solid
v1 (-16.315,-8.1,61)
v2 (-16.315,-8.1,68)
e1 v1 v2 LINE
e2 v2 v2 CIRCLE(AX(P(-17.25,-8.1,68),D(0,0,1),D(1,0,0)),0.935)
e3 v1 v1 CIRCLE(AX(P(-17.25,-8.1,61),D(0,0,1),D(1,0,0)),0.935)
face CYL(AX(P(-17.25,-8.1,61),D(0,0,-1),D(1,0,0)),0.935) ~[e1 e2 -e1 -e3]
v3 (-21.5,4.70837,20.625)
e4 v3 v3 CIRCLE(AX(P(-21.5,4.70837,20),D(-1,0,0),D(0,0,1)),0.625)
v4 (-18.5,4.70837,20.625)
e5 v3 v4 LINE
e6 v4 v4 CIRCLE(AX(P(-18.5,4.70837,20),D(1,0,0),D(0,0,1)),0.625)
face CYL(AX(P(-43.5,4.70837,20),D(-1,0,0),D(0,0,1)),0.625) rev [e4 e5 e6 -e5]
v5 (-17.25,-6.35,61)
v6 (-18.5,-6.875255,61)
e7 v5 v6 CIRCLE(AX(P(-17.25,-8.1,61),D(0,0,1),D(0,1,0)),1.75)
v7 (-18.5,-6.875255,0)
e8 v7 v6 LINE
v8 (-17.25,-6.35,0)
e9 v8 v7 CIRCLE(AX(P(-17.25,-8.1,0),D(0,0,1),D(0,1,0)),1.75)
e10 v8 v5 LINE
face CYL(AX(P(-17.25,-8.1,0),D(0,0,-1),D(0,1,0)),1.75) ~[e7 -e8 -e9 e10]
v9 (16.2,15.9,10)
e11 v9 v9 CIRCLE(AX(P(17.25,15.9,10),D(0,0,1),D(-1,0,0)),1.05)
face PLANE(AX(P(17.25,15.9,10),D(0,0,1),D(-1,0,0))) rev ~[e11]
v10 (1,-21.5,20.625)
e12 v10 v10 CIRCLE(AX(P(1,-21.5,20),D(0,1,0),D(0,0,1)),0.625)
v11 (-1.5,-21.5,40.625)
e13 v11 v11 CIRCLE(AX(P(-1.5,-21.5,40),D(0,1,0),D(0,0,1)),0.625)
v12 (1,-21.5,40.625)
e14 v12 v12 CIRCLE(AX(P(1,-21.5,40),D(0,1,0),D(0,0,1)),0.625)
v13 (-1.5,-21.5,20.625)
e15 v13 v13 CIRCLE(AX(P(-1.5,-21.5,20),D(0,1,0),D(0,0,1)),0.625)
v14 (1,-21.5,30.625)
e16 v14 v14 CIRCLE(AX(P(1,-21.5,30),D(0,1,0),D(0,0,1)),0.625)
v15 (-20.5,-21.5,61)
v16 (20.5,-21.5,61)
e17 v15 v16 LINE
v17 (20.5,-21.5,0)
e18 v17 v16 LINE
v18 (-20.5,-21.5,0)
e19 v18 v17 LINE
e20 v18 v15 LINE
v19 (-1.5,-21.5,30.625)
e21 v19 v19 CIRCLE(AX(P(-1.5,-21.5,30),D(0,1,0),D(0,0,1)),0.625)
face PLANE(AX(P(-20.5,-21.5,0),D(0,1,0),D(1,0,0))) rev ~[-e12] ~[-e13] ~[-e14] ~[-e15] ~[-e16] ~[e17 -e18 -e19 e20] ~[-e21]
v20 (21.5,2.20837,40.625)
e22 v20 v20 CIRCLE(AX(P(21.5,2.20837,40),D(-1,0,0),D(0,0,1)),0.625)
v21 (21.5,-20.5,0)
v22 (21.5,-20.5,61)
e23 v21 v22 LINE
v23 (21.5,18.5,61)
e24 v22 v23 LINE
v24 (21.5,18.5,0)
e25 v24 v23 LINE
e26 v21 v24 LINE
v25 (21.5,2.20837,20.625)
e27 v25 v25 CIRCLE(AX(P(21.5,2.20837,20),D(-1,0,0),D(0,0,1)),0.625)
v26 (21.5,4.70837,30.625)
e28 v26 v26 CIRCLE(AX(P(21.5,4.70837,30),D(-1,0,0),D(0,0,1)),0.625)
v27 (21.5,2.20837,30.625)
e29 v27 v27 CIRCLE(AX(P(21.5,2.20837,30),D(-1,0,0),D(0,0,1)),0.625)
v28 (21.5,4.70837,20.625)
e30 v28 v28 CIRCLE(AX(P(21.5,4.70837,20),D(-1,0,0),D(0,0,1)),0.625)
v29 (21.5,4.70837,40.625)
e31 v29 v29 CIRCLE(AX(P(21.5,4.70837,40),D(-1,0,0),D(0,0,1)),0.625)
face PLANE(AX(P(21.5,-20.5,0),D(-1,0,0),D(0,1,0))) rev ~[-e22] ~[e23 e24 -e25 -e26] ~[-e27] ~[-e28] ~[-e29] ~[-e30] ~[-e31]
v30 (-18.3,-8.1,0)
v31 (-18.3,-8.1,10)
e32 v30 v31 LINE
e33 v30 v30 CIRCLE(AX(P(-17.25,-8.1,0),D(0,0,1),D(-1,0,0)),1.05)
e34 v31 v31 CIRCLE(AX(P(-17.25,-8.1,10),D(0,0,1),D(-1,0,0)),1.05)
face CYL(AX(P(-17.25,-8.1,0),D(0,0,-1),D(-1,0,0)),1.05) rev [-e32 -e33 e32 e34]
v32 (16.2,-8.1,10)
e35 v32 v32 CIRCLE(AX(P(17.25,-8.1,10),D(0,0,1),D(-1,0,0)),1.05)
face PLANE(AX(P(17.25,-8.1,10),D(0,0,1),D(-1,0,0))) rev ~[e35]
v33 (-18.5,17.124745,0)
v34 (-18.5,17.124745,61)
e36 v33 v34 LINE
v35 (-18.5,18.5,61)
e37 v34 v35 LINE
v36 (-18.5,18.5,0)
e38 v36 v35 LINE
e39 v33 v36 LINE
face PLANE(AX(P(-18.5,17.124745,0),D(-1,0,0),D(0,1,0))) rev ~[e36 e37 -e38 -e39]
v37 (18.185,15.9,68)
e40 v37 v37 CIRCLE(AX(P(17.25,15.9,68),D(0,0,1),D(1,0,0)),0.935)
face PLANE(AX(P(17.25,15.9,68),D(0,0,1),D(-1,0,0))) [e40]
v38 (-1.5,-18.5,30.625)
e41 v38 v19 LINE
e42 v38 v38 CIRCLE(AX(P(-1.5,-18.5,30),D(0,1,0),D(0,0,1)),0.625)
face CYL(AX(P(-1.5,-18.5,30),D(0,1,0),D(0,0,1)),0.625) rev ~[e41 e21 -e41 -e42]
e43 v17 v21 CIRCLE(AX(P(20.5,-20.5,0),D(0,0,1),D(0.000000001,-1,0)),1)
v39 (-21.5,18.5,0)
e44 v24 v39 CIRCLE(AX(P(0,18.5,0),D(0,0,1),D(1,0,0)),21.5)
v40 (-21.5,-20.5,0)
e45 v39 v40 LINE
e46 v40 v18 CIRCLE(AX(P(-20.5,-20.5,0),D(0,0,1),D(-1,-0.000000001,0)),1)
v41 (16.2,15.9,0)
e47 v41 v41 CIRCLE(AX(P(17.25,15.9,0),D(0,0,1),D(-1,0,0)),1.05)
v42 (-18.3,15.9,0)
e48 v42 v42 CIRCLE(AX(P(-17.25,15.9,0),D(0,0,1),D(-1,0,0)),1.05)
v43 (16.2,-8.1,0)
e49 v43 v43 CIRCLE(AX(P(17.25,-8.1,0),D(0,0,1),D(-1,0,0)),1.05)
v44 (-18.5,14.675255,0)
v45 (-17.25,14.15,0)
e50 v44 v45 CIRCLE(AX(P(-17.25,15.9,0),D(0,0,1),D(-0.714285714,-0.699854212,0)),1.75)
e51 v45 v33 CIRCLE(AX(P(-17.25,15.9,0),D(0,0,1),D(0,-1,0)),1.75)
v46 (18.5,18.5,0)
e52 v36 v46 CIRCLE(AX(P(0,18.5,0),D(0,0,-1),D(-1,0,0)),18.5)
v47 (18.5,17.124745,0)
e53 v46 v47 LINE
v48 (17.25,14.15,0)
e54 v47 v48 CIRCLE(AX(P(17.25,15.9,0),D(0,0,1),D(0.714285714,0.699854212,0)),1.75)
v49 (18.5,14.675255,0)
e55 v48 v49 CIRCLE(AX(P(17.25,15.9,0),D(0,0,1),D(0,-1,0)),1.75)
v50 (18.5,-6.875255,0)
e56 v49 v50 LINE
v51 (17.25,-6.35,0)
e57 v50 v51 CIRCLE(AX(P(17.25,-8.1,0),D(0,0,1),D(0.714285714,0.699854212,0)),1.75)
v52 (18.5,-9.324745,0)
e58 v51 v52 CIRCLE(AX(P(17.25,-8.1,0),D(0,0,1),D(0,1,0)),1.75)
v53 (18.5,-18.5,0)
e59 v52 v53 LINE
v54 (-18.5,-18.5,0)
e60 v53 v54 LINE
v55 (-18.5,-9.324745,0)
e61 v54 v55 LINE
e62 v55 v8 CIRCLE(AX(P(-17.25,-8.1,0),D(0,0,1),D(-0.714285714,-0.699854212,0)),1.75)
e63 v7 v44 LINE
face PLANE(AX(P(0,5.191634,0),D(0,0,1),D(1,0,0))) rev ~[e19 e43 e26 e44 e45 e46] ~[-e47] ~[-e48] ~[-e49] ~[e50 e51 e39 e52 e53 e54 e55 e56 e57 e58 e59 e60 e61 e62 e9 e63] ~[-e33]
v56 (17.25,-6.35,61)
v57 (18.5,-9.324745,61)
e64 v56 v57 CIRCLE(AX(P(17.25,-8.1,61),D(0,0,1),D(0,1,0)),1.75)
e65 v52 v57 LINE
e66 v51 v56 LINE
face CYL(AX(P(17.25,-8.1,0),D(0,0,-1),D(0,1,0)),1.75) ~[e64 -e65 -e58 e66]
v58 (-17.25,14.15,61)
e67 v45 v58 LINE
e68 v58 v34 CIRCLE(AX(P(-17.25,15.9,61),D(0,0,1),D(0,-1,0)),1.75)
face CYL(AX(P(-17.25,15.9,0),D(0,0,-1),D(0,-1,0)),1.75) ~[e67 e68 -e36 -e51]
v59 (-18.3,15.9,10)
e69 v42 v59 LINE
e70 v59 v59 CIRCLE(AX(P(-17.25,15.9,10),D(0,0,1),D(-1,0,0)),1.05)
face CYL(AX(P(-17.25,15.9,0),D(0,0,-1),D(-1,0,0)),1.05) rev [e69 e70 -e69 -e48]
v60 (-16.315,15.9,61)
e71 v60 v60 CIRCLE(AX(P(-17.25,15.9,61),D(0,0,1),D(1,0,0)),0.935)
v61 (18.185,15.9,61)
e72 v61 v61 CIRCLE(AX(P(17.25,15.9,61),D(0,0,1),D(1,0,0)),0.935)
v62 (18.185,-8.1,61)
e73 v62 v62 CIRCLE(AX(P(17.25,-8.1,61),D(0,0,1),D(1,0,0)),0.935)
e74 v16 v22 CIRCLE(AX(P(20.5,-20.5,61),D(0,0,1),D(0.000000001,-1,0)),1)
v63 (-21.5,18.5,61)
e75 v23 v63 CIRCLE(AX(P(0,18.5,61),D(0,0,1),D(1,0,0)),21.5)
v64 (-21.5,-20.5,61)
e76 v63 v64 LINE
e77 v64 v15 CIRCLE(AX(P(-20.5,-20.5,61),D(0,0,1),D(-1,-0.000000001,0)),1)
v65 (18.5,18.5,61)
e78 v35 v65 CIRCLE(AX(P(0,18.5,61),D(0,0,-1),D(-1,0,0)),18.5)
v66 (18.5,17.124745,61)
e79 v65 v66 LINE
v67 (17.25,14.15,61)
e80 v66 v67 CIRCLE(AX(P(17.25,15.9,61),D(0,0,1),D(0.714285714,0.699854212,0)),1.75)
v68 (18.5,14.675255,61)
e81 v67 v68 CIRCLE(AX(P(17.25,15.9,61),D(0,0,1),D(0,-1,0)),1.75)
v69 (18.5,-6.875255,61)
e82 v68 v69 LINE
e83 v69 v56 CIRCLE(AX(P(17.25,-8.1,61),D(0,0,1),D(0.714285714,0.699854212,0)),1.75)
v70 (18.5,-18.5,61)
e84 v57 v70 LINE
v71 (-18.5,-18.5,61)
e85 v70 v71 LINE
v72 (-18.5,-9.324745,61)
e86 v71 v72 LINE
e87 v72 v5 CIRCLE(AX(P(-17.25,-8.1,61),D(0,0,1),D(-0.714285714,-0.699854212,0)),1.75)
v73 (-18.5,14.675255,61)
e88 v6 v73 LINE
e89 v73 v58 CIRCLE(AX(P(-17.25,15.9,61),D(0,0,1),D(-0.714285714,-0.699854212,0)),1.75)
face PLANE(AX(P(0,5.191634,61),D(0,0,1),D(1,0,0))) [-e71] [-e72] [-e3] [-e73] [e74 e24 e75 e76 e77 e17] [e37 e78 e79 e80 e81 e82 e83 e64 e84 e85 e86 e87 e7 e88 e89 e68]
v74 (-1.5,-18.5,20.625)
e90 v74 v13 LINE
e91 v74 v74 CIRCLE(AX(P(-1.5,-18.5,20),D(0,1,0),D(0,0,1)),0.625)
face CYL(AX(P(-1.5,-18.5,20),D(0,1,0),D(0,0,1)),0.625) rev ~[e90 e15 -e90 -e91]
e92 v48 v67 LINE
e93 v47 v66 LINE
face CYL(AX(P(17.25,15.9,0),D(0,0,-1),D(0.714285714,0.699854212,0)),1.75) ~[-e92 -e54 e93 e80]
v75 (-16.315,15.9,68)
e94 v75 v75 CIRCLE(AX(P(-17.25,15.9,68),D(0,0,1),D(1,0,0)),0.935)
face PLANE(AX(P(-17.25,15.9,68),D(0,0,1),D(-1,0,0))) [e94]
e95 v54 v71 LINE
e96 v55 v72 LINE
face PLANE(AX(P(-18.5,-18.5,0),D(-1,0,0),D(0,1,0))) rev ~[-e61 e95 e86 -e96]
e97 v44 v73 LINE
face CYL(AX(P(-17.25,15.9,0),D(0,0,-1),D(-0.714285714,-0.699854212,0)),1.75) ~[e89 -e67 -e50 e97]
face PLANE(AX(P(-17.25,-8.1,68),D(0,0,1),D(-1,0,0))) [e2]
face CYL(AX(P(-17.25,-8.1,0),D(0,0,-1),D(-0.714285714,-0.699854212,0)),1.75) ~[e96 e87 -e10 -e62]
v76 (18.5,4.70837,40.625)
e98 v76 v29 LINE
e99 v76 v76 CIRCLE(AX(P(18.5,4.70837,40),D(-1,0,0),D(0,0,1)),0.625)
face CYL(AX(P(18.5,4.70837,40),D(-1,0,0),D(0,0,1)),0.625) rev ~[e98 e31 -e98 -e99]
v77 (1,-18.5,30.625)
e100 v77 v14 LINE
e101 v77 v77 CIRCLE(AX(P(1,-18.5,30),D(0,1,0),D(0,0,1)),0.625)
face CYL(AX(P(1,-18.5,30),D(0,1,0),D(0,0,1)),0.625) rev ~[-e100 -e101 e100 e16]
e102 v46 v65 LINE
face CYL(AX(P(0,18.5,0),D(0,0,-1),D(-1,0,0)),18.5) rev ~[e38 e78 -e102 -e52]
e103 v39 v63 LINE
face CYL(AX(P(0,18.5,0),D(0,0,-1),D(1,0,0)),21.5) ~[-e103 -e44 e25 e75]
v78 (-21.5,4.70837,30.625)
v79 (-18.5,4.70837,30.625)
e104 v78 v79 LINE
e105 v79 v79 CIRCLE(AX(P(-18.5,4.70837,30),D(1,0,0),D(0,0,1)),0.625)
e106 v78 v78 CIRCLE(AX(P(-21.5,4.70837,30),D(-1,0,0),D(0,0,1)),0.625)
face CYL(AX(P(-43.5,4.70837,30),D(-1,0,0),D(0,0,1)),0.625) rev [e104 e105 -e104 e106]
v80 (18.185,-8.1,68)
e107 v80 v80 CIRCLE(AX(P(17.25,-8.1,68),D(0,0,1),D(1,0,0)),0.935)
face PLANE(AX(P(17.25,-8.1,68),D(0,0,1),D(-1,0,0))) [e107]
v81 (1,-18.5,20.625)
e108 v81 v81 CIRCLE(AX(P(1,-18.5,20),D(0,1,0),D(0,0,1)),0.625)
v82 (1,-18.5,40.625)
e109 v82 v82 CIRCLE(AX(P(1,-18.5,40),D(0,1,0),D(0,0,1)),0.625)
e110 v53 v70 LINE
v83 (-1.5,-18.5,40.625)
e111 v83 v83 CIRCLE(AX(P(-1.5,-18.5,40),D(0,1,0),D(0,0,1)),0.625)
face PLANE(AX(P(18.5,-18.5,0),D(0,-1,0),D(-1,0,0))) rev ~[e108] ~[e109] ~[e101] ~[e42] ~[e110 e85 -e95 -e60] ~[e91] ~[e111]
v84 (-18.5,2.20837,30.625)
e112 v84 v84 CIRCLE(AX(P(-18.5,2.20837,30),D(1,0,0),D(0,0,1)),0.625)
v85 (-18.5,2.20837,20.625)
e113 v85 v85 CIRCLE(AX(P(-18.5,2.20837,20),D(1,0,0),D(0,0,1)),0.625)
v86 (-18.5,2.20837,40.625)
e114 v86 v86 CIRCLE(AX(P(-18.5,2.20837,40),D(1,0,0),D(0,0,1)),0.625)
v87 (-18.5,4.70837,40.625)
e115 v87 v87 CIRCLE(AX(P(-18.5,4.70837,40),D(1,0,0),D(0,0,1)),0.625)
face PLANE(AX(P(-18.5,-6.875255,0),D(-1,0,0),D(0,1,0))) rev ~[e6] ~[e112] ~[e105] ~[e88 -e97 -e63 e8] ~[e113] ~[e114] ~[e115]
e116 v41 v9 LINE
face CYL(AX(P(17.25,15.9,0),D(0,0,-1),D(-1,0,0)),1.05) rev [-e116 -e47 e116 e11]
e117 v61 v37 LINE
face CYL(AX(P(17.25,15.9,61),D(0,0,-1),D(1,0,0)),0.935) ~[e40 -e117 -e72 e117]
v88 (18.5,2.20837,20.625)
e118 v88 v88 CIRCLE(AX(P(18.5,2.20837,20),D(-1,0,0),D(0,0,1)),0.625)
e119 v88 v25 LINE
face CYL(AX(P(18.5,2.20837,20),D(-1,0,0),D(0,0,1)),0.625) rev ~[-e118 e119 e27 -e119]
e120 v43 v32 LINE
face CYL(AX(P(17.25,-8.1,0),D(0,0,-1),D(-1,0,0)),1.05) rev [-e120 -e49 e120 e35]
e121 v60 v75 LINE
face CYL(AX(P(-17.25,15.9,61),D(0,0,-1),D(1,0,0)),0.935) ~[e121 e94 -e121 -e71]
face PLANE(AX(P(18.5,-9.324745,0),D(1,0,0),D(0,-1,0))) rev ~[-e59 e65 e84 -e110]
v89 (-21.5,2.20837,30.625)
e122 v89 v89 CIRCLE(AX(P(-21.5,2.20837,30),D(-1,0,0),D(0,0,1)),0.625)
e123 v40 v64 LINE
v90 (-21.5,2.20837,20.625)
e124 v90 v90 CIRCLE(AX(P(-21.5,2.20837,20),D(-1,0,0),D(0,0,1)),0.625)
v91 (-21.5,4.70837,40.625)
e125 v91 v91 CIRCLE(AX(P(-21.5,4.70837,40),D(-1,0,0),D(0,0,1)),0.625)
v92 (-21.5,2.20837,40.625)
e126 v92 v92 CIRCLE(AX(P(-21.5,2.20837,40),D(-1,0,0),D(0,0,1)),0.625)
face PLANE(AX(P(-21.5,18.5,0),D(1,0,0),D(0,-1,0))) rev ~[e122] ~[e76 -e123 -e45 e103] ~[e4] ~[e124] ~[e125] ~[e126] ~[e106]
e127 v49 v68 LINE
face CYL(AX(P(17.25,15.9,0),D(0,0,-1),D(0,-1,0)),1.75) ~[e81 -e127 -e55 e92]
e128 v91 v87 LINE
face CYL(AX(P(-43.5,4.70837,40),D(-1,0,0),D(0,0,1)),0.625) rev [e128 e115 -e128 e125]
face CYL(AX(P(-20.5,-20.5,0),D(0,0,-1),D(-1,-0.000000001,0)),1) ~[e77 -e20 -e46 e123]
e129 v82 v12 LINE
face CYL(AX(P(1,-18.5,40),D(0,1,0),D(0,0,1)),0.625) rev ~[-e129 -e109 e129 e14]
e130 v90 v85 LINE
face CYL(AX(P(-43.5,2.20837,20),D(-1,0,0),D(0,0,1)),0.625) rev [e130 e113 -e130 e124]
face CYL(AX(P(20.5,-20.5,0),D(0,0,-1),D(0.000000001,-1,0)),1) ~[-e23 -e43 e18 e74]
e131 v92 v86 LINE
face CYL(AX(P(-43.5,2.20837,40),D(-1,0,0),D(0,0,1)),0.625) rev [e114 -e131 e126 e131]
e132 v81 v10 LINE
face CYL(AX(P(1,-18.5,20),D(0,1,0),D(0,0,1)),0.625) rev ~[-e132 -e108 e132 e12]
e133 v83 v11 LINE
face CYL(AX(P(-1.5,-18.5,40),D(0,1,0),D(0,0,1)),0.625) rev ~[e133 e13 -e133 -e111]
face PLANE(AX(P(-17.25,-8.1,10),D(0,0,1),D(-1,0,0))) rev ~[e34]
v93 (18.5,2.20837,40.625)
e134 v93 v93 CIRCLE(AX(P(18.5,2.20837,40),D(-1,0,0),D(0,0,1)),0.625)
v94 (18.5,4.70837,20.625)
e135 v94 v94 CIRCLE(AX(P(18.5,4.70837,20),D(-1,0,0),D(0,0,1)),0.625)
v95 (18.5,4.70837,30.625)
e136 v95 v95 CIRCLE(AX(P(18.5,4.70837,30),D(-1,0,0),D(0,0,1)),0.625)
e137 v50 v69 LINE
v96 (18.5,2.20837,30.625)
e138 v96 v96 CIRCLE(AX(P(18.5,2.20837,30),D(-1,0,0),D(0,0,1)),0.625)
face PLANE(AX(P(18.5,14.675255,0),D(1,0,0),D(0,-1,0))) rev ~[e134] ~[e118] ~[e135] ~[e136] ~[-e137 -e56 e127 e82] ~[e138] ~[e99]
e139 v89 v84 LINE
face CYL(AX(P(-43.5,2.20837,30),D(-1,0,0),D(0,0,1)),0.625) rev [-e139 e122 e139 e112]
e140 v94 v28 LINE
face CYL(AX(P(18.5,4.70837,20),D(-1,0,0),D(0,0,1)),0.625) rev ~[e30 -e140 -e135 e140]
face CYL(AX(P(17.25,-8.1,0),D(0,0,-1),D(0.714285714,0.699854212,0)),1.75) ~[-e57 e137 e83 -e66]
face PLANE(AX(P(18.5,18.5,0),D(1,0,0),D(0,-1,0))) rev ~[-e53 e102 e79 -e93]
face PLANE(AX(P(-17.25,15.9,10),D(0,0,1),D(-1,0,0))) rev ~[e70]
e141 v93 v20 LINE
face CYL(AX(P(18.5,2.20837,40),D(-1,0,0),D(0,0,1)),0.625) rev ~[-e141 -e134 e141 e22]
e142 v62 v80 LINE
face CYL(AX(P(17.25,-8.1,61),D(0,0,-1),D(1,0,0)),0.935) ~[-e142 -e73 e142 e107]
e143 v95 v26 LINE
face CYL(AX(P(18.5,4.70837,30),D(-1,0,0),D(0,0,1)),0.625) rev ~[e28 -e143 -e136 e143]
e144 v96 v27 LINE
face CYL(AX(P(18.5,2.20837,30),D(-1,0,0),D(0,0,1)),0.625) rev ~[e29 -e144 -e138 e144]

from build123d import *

# Parameters (mm, degrees)
SKETCH2_R           = 1.05
BOSS_EXTRUDE1_DEPTH = 61
BOSS_EXTRUDE2_START = 10
SKETCH2_9_R         = 1.05
BOSS_EXTRUDE2_DEPTH = 58
SKETCH3_R           = 0.625
CUT_EXTRUDE1_DEPTH  = 25
CUT_EXTRUDE2_START  = -25
SKETCH4_R           = 0.625
CUT_EXTRUDE2_DEPTH  = 25
SKETCH5_R           = 0.625
CUT_EXTRUDE3_DEPTH  = 25
CUT_EXTRUDE4_START  = -7
SKETCH6_R           = 1.05
SKETCH6_R_2         = 0.935
CUT_EXTRUDE4_DEPTH  = 7
CUT_EXTRUDE5_START  = -7
SKETCH7_R           = 1.05
SKETCH7_R_2         = 0.935
CUT_EXTRUDE5_DEPTH  = 7
CUT_EXTRUDE6_START  = -7
SKETCH8_R           = 1.05
SKETCH8_R_2         = 0.935
CUT_EXTRUDE6_DEPTH  = 7
CUT_EXTRUDE7_START  = -7
SKETCH9_R           = 1.05
SKETCH9_R_2         = 0.935
CUT_EXTRUDE7_DEPTH  = 7


with BuildPart() as part:
    # Sketch2 → Boss-Extrude1 (new body)
    with BuildSketch(Plane.XY):
        with BuildLine():
            ThreePointArc((21.5, 18.5), (0, 40), (-21.5, 18.5))
            Line((-21.5, 18.5), (-21.5, -20.5))
            ThreePointArc((-21.5, -20.5), (-21.207106781, -21.207106781), (-20.5, -21.5))
            Line((-20.5, -21.5), (20.5, -21.5))
            ThreePointArc((20.5, -21.5), (21.207106781, -21.207106781), (21.5, -20.5))
            Line((21.5, -20.5), (21.5, 18.5))
        make_face()
        with BuildLine():
            Line((18.5, -18.5), (-18.5, -18.5))
            Line((-18.5, -18.5), (-18.5, -9.324744871))
            ThreePointArc((-18.5, -9.324744871), (-15.636648903, -8.77793675), (-17.25, -6.35))
            ThreePointArc((-17.25, -6.35), (-17.92793675, -6.486648903), (-18.5, -6.875255129))
            Line((-18.5, -6.875255129), (-18.5, 14.675255129))
            ThreePointArc((-18.5, 14.675255129), (-17.92793675, 14.286648903), (-17.25, 14.15))
            ThreePointArc((-17.25, 14.15), (-15.636648903, 16.57793675), (-18.5, 17.124744871))
            Line((-18.5, 17.124744871), (-18.5, 18.5))
            ThreePointArc((-18.5, 18.5), (0, 37), (18.5, 18.5))
            Line((18.5, 18.5), (18.5, 17.124744871))
            ThreePointArc((18.5, 17.124744871), (15.636648903, 16.57793675), (17.25, 14.15))
            ThreePointArc((17.25, 14.15), (17.92793675, 14.286648903), (18.5, 14.675255129))
            Line((18.5, 14.675255129), (18.5, -6.875255129))
            ThreePointArc((18.5, -6.875255129), (17.92793675, -6.486648903), (17.25, -6.35))
            ThreePointArc((17.25, -6.35), (15.636648903, -8.77793675), (18.5, -9.324744871))
            Line((18.5, -9.324744871), (18.5, -18.5))
        make_face(mode=Mode.SUBTRACT)
        with Locations((17.25, -8.1)):
            Circle(SKETCH2_R, mode=Mode.SUBTRACT)
        with Locations((17.25, 15.9)):
            Circle(SKETCH2_R, mode=Mode.SUBTRACT)
        with Locations((-17.25, 15.9)):
            Circle(SKETCH2_R, mode=Mode.SUBTRACT)
        with Locations((-17.25, -8.1)):
            Circle(SKETCH2_R, mode=Mode.SUBTRACT)
    extrude(amount=BOSS_EXTRUDE1_DEPTH)

    # Sketch2<9> → Boss-Extrude2 (add)
    with BuildSketch(Plane.XY.offset(BOSS_EXTRUDE2_START)):
        with Locations((-17.25, -8.1)):
            Circle(SKETCH2_9_R)
        with Locations((17.25, -8.1)):
            Circle(SKETCH2_9_R)
        with Locations((-17.25, 15.9)):
            Circle(SKETCH2_9_R)
        with Locations((17.25, 15.9)):
            Circle(SKETCH2_9_R)
    extrude(amount=BOSS_EXTRUDE2_DEPTH)

    # Sketch3 → Cut-Extrude1 (cut)
    with BuildSketch(Plane.ZY.offset(-18.5)):
        with Locations((20, 2.208370448)):
            Circle(SKETCH3_R)
        with Locations((20, 4.708370448)):
            Circle(SKETCH3_R)
        with Locations((30, 2.208370448)):
            Circle(SKETCH3_R)
        with Locations((30, 4.708370448)):
            Circle(SKETCH3_R)
        with Locations((40, 2.208370448)):
            Circle(SKETCH3_R)
        with Locations((40, 4.708370448)):
            Circle(SKETCH3_R)
    extrude(amount=-CUT_EXTRUDE1_DEPTH, mode=Mode.SUBTRACT)

    # Sketch4 → Cut-Extrude2 (cut)
    with BuildSketch(Plane(origin=(-18.5, 0, 0), x_dir=(0, 0, -1), z_dir=(1, 0, 0)).offset(CUT_EXTRUDE2_START)):
        with Locations((-20, 4.708370448)):
            Circle(SKETCH4_R)
        with Locations((-20, 2.208370448)):
            Circle(SKETCH4_R)
        with Locations((-30, 2.208370448)):
            Circle(SKETCH4_R)
        with Locations((-30, 4.708370448)):
            Circle(SKETCH4_R)
        with Locations((-40, 4.708370448)):
            Circle(SKETCH4_R)
        with Locations((-40, 2.208370448)):
            Circle(SKETCH4_R)
    extrude(amount=CUT_EXTRUDE2_DEPTH, mode=Mode.SUBTRACT)

    # Sketch5 → Cut-Extrude3 (cut)
    with BuildSketch(Plane(origin=(0, -18.5, 0), x_dir=(1, 0, 0), z_dir=(0, 1, 0))):
        with Locations((-1.5, -20)):
            Circle(SKETCH5_R)
        with Locations((1, -20)):
            Circle(SKETCH5_R)
        with Locations((-1.5, -30)):
            Circle(SKETCH5_R)
        with Locations((1, -30)):
            Circle(SKETCH5_R)
        with Locations((-1.5, -40)):
            Circle(SKETCH5_R)
        with Locations((1, -40)):
            Circle(SKETCH5_R)
    extrude(amount=-CUT_EXTRUDE3_DEPTH, mode=Mode.SUBTRACT)

    # Sketch6 → Cut-Extrude4 (cut)
    with BuildSketch(Plane.XY.offset(68).offset(CUT_EXTRUDE4_START)):
        with Locations((17.25, 15.9)):
            Circle(SKETCH6_R)
        with Locations((17.25, 15.9)):
            Circle(SKETCH6_R_2, mode=Mode.SUBTRACT)
    extrude(amount=CUT_EXTRUDE4_DEPTH, mode=Mode.SUBTRACT)

    # Sketch7 → Cut-Extrude5 (cut)
    with BuildSketch(Plane.XY.offset(68).offset(CUT_EXTRUDE5_START)):
        with Locations((17.25, -8.1)):
            Circle(SKETCH7_R)
        with Locations((17.25, -8.1)):
            Circle(SKETCH7_R_2, mode=Mode.SUBTRACT)
    extrude(amount=CUT_EXTRUDE5_DEPTH, mode=Mode.SUBTRACT)

    # Sketch8 → Cut-Extrude6 (cut)
    with BuildSketch(Plane.XY.offset(68).offset(CUT_EXTRUDE6_START)):
        with Locations((-17.25, -8.1)):
            Circle(SKETCH8_R)
        with Locations((-17.25, -8.1)):
            Circle(SKETCH8_R_2, mode=Mode.SUBTRACT)
    extrude(amount=CUT_EXTRUDE6_DEPTH, mode=Mode.SUBTRACT)

    # Sketch9 → Cut-Extrude7 (cut)
    with BuildSketch(Plane.XY.offset(68).offset(CUT_EXTRUDE7_START)):
        with Locations((-17.25, 15.9)):
            Circle(SKETCH9_R)
        with Locations((-17.25, 15.9)):
            Circle(SKETCH9_R_2, mode=Mode.SUBTRACT)
    extrude(amount=CUT_EXTRUDE7_DEPTH, mode=Mode.SUBTRACT)


solid = part.part
